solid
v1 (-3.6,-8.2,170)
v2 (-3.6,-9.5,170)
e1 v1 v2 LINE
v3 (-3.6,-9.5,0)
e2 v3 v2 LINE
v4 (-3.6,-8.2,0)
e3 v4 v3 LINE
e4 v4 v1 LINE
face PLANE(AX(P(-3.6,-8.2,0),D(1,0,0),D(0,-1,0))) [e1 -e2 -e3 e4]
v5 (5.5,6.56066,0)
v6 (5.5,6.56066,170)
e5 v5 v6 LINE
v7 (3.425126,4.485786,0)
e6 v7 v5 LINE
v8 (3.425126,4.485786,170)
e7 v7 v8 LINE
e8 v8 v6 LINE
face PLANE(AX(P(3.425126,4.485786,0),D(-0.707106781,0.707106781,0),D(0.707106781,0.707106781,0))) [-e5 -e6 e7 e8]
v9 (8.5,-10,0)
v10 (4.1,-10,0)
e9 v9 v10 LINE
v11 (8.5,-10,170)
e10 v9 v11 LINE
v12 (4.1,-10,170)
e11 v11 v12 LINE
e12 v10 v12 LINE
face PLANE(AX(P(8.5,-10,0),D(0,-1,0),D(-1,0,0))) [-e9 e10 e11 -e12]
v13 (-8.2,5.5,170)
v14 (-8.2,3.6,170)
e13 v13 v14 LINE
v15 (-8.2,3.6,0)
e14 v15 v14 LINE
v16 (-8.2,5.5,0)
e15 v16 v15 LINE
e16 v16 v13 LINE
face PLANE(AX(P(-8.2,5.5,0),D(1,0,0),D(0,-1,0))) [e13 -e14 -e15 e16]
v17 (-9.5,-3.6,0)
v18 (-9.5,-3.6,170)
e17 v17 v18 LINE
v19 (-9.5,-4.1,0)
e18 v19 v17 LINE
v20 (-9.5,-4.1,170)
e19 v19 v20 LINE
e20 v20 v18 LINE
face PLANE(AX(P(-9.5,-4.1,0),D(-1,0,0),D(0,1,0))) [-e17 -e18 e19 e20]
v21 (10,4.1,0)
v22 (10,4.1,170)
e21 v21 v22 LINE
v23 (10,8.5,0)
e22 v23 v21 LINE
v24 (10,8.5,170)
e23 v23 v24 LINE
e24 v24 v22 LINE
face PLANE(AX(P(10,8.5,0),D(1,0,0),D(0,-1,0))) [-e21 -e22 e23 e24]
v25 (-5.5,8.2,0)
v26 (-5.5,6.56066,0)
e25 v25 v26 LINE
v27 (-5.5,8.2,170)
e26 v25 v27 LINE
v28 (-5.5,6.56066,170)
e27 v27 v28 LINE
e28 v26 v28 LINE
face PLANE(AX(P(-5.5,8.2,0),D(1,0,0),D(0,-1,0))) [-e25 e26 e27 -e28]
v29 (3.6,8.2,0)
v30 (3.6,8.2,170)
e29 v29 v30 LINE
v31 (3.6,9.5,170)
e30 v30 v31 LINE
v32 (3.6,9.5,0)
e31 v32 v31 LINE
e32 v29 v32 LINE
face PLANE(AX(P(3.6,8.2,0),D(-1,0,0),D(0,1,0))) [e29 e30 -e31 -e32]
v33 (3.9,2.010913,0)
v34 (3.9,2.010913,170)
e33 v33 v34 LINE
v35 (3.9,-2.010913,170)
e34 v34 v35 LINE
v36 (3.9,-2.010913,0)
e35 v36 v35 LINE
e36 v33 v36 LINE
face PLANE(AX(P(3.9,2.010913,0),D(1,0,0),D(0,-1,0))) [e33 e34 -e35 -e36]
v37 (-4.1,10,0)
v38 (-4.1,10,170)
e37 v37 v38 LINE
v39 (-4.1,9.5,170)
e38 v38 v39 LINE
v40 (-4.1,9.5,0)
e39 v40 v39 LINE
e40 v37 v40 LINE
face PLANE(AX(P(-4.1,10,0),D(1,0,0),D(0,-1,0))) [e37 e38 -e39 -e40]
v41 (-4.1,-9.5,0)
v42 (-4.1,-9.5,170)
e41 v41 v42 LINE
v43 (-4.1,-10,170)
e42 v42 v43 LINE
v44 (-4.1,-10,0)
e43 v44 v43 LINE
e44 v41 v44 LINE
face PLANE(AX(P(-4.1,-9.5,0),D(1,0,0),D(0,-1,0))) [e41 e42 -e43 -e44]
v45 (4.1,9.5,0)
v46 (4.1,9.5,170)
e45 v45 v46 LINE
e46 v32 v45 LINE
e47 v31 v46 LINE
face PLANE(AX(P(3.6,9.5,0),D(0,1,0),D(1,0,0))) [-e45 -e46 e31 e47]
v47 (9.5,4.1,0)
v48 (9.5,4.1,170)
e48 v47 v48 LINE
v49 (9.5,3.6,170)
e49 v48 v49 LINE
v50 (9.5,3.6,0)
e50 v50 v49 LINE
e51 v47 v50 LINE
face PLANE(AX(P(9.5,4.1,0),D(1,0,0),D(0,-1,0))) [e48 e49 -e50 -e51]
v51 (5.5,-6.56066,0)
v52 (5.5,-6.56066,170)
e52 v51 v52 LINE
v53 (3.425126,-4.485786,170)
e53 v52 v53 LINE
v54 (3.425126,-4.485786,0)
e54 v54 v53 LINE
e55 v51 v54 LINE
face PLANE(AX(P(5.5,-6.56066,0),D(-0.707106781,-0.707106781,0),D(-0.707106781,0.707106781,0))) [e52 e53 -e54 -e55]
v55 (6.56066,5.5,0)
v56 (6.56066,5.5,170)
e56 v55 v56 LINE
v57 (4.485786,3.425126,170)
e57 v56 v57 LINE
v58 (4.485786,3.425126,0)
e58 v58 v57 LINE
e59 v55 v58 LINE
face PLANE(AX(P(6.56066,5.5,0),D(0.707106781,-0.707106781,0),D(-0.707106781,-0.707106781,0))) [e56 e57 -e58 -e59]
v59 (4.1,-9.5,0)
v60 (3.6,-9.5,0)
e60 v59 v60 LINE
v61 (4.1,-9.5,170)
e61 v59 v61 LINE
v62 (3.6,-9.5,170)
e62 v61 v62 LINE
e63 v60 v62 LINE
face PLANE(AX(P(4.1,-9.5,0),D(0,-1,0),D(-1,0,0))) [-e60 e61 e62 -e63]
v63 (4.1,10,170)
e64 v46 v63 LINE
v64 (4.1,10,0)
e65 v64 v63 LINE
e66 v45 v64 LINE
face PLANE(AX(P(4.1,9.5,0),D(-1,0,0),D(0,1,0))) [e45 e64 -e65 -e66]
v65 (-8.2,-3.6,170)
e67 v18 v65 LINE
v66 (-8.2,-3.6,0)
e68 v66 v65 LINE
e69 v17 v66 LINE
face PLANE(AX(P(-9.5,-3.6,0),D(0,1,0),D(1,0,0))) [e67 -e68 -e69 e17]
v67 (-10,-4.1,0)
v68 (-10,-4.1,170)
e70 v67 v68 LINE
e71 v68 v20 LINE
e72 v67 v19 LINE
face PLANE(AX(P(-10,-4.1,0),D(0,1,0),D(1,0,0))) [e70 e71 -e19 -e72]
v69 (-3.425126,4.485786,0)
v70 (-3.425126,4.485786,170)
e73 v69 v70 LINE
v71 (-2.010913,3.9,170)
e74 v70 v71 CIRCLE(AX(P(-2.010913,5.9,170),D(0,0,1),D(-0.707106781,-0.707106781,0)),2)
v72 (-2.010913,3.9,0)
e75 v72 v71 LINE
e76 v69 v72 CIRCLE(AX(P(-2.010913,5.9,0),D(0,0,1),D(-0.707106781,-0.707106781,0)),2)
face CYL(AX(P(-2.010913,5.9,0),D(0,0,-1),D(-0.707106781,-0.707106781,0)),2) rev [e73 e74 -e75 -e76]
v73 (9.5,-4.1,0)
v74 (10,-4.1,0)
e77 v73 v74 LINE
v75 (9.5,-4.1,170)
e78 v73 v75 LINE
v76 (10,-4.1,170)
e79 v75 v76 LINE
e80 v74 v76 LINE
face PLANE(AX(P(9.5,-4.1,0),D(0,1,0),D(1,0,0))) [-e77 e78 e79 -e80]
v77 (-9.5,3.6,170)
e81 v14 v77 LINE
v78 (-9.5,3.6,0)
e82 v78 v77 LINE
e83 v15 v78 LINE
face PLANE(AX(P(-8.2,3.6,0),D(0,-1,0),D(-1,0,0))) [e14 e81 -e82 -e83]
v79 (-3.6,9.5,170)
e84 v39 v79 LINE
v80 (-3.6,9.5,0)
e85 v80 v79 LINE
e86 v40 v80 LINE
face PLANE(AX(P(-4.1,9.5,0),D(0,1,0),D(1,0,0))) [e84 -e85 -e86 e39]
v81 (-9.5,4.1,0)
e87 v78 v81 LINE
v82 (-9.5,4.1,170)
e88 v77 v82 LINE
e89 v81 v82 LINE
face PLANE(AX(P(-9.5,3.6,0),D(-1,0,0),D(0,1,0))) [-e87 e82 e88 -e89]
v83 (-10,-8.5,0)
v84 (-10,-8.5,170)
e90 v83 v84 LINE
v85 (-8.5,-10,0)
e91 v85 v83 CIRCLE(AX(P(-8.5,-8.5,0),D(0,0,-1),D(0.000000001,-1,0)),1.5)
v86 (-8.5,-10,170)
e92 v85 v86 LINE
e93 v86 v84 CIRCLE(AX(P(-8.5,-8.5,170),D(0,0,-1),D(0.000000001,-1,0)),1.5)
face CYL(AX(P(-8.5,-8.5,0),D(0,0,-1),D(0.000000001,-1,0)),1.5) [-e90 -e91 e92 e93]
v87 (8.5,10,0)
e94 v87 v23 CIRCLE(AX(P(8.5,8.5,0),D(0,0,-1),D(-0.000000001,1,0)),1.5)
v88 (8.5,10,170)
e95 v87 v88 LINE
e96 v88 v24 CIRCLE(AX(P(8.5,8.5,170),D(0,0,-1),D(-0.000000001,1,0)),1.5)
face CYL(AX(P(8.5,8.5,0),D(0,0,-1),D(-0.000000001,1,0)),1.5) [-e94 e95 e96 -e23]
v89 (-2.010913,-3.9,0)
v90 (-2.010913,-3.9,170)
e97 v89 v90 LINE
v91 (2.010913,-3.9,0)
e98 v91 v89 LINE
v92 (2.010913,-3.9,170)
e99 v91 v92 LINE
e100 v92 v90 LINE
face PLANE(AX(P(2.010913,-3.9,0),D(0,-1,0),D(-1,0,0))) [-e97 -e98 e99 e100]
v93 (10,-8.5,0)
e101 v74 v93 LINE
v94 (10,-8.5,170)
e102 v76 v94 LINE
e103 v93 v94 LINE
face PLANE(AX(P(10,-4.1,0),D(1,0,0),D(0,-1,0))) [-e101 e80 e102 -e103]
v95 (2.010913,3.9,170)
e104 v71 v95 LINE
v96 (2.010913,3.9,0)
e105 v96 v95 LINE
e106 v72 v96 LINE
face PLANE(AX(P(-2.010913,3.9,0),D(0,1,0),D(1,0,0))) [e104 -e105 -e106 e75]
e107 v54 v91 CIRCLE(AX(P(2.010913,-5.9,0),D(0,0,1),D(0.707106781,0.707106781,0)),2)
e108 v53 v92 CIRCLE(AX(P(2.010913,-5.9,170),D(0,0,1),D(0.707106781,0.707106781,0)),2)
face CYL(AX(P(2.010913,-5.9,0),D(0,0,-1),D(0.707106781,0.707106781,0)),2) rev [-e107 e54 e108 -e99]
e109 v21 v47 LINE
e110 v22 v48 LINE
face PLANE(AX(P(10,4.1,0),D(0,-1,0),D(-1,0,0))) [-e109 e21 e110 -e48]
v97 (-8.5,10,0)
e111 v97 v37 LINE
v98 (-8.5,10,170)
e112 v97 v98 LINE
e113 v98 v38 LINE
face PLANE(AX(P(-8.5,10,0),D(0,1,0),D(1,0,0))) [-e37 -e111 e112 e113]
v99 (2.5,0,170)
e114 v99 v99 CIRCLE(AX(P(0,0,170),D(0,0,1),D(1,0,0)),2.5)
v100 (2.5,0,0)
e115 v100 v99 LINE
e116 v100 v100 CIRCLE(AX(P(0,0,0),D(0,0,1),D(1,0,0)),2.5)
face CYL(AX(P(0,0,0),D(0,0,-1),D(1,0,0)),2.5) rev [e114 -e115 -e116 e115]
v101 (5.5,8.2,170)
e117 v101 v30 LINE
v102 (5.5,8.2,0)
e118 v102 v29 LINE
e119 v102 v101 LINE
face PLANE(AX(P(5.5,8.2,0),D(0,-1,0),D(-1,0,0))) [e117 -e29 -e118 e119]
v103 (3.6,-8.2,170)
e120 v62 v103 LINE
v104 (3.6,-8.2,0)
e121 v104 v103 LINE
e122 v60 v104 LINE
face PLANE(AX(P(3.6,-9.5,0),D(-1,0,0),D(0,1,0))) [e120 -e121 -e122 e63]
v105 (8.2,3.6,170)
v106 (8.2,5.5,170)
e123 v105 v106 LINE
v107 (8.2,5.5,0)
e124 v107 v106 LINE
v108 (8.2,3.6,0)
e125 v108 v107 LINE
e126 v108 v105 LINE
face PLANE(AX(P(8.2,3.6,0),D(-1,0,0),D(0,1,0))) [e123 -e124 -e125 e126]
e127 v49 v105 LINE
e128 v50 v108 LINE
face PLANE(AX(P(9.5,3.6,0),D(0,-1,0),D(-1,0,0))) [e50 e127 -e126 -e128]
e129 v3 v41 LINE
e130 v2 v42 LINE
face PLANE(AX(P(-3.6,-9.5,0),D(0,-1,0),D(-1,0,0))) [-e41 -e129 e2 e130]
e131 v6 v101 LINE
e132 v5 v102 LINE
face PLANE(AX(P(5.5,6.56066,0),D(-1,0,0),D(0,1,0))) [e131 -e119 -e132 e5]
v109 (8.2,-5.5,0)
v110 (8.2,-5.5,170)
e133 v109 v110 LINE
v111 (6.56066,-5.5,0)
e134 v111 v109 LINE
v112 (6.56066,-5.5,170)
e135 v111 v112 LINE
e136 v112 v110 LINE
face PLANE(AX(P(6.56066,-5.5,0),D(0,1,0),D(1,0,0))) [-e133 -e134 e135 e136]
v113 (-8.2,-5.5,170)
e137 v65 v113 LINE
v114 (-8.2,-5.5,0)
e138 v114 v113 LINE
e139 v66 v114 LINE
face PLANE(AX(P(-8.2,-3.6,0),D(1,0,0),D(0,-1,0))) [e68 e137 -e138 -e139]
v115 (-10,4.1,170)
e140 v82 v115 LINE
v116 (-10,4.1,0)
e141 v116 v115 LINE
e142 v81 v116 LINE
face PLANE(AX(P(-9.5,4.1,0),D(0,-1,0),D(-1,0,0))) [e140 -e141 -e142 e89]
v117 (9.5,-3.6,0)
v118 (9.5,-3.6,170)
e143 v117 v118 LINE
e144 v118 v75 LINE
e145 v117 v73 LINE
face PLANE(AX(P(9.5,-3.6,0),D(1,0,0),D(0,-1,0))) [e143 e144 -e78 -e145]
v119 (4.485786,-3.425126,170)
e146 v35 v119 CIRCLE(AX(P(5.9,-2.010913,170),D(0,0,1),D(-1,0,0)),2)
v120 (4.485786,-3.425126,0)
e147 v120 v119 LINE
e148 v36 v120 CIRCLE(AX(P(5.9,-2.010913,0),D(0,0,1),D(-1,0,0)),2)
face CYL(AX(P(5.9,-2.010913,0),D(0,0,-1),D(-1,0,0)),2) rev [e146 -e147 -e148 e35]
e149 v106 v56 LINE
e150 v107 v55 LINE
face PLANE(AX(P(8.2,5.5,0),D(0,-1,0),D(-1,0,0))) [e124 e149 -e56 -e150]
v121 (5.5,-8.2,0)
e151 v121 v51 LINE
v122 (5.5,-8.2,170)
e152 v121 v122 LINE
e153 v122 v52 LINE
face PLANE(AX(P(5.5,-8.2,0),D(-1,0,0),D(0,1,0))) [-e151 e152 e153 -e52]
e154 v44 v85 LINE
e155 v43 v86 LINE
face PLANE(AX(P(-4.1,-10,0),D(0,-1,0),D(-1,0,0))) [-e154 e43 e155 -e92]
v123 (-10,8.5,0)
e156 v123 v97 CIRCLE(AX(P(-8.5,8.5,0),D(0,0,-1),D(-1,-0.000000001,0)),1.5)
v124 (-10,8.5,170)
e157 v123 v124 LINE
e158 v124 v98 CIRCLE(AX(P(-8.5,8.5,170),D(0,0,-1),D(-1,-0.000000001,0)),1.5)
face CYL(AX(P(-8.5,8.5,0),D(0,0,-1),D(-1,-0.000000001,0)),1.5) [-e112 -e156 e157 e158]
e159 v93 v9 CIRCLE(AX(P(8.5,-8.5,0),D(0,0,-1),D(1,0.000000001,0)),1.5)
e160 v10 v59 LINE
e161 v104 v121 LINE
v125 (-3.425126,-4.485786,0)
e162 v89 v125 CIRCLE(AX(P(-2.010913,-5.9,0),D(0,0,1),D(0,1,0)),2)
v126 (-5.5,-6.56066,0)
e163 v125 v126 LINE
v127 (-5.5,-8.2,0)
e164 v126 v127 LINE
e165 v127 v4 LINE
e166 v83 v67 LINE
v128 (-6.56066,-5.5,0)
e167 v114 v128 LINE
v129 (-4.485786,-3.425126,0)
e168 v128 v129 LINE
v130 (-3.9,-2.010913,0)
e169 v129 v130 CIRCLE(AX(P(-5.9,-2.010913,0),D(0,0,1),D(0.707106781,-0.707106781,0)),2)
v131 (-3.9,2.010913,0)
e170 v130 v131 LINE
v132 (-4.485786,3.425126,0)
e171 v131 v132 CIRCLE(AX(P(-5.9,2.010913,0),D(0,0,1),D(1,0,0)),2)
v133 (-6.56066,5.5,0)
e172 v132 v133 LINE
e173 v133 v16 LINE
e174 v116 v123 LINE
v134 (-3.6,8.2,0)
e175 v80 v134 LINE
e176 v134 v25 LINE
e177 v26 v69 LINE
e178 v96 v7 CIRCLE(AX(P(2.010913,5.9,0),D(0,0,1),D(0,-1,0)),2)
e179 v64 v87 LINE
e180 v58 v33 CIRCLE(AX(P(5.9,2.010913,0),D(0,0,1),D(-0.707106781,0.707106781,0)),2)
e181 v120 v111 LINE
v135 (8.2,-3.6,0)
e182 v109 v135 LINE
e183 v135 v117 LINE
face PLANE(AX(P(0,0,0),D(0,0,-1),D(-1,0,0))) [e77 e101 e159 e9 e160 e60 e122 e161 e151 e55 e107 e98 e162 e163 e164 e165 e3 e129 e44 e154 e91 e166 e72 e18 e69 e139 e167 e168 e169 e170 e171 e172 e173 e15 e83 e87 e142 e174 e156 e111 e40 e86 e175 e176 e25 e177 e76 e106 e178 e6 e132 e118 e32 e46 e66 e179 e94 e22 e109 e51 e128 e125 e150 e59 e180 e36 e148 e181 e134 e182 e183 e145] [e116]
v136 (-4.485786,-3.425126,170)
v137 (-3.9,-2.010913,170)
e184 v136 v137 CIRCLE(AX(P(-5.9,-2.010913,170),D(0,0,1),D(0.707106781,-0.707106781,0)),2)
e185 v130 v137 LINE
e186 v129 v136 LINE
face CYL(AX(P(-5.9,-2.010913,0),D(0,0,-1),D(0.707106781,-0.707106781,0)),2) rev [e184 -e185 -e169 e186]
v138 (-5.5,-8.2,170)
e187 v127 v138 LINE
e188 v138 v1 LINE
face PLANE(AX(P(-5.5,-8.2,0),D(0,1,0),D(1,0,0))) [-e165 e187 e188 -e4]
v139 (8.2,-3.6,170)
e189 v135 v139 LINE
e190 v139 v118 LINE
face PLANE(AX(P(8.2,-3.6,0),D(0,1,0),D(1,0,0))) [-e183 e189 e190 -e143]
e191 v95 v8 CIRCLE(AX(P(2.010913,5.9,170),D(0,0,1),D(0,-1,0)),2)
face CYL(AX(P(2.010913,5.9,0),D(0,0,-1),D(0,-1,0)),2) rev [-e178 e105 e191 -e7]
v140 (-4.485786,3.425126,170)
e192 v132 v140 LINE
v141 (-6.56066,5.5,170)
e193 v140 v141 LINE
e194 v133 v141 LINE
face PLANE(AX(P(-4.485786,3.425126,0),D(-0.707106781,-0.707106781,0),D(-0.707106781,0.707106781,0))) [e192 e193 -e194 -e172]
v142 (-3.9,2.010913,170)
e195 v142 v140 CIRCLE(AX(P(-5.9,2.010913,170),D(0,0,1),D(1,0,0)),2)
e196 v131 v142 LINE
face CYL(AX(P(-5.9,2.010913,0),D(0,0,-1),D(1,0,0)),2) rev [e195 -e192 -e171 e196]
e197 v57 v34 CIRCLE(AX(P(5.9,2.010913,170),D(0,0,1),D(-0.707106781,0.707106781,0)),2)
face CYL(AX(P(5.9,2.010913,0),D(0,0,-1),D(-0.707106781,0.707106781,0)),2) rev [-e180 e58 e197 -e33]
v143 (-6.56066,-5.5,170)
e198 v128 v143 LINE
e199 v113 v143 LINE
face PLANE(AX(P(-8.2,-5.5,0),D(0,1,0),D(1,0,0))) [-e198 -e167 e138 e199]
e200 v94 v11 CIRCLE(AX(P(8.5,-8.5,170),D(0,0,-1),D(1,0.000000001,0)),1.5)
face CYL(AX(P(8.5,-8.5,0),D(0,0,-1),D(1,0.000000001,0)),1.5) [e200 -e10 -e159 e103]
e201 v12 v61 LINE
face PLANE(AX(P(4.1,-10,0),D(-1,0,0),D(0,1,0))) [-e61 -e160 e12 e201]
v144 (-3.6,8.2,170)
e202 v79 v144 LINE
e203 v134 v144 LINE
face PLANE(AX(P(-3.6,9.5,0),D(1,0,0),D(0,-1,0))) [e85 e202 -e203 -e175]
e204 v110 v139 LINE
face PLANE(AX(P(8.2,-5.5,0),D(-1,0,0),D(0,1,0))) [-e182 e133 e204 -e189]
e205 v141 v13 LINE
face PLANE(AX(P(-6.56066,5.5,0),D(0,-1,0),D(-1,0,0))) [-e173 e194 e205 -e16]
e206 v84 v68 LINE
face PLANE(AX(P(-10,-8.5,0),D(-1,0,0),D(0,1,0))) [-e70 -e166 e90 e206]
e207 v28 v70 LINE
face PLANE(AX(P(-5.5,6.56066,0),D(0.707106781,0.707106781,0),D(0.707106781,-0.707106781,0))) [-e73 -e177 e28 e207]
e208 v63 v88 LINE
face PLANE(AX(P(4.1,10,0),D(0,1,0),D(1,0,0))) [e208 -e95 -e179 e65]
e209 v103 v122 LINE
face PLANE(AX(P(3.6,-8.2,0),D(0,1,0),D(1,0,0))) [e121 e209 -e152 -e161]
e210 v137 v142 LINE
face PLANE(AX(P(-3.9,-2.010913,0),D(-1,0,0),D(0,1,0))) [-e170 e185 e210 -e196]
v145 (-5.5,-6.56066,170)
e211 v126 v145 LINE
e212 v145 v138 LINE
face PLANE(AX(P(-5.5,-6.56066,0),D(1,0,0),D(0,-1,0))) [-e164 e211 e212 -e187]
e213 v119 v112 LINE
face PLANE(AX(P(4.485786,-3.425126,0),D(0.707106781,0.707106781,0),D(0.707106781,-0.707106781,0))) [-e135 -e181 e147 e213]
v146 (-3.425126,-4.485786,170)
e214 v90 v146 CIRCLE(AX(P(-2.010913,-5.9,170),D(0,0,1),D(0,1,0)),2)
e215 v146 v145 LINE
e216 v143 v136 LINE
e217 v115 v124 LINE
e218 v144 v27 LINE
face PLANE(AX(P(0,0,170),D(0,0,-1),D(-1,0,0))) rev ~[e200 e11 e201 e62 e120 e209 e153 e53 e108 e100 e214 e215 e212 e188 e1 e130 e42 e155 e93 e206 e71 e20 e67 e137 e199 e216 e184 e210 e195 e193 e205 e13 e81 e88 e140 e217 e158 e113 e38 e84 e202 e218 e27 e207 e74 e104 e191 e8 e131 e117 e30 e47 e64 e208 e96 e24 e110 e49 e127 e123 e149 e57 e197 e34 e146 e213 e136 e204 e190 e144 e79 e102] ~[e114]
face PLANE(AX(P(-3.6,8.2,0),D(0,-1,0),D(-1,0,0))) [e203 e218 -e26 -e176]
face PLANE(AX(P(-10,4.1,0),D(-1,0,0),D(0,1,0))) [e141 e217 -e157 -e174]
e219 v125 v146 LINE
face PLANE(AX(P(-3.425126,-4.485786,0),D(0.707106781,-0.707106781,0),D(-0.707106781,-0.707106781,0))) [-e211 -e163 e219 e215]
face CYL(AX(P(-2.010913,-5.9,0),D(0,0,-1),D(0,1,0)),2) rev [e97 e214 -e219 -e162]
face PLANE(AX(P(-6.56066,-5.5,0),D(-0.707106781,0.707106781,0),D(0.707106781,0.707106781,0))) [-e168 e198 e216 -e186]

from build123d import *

# Parameters (mm, degrees)
SKETCH1_R           = 2.5
BOSS_EXTRUDE2_DEPTH = 170


with BuildPart() as part:
    # Sketch1 → Boss-Extrude2 (new body)
    with BuildSketch(Plane.XY):
        with BuildLine():
            Line((10, -4.1), (10, -8.5))
            ThreePointArc((10, -8.5), (9.560660172, -9.560660172), (8.5, -10))
            Line((8.5, -10), (4.1, -10))
            Line((4.1, -10), (4.1, -9.5))
            Line((4.1, -9.5), (3.6, -9.5))
            Line((3.6, -9.5), (3.6, -8.2))
            Line((3.6, -8.2), (5.5, -8.2))
            Line((5.5, -8.2), (5.5, -6.560660172))
            Line((5.5, -6.560660172), (3.425126266, -4.485786438))
            ThreePointArc((3.425126266, -4.485786438), (2.776279568, -4.052240935), (2.010912703, -3.9))
            Line((2.010912703, -3.9), (-2.010912703, -3.9))
            ThreePointArc((-2.010912703, -3.9), (-2.776279568, -4.052240935), (-3.425126266, -4.485786438))
            Line((-3.425126266, -4.485786438), (-5.5, -6.560660172))
            Line((-5.5, -6.560660172), (-5.5, -8.2))
            Line((-5.5, -8.2), (-3.6, -8.2))
            Line((-3.6, -8.2), (-3.6, -9.5))
            Line((-3.6, -9.5), (-4.1, -9.5))
            Line((-4.1, -9.5), (-4.1, -10))
            Line((-4.1, -10), (-8.5, -10))
            ThreePointArc((-8.5, -10), (-9.560660172, -9.560660172), (-10, -8.5))
            Line((-10, -8.5), (-10, -4.1))
            Line((-10, -4.1), (-9.5, -4.1))
            Line((-9.5, -4.1), (-9.5, -3.6))
            Line((-9.5, -3.6), (-8.2, -3.6))
            Line((-8.2, -3.6), (-8.2, -5.5))
            Line((-8.2, -5.5), (-6.560660172, -5.5))
            Line((-6.560660172, -5.5), (-4.485786438, -3.425126266))
            ThreePointArc((-4.485786438, -3.425126266), (-4.052240935, -2.776279568), (-3.9, -2.010912703))
            Line((-3.9, -2.010912703), (-3.9, 2.010912703))
            ThreePointArc((-3.9, 2.010912703), (-4.052240935, 2.776279568), (-4.485786438, 3.425126266))
            Line((-4.485786438, 3.425126266), (-6.560660172, 5.5))
            Line((-6.560660172, 5.5), (-8.2, 5.5))
            Line((-8.2, 5.5), (-8.2, 3.6))
            Line((-8.2, 3.6), (-9.5, 3.6))
            Line((-9.5, 3.6), (-9.5, 4.1))
            Line((-9.5, 4.1), (-10, 4.1))
            Line((-10, 4.1), (-10, 8.5))
            ThreePointArc((-10, 8.5), (-9.560660172, 9.560660172), (-8.5, 10))
            Line((-8.5, 10), (-4.1, 10))
            Line((-4.1, 10), (-4.1, 9.5))
            Line((-4.1, 9.5), (-3.6, 9.5))
            Line((-3.6, 9.5), (-3.6, 8.2))
            Line((-3.6, 8.2), (-5.5, 8.2))
            Line((-5.5, 8.2), (-5.5, 6.560660172))
            Line((-5.5, 6.560660172), (-3.425126266, 4.485786438))
            ThreePointArc((-3.425126266, 4.485786438), (-2.776279568, 4.052240935), (-2.010912703, 3.9))
            Line((-2.010912703, 3.9), (2.010912703, 3.9))
            ThreePointArc((2.010912703, 3.9), (2.776279568, 4.052240935), (3.425126266, 4.485786438))
            Line((3.425126266, 4.485786438), (5.5, 6.560660172))
            Line((5.5, 6.560660172), (5.5, 8.2))
            Line((5.5, 8.2), (3.6, 8.2))
            Line((3.6, 8.2), (3.6, 9.5))
            Line((3.6, 9.5), (4.1, 9.5))
            Line((4.1, 9.5), (4.1, 10))
            Line((4.1, 10), (8.5, 10))
            ThreePointArc((8.5, 10), (9.560660172, 9.560660172), (10, 8.5))
            Line((10, 8.5), (10, 4.1))
            Line((10, 4.1), (9.5, 4.1))
            Line((9.5, 4.1), (9.5, 3.6))
            Line((9.5, 3.6), (8.2, 3.6))
            Line((8.2, 3.6), (8.2, 5.5))
            Line((8.2, 5.5), (6.560660172, 5.5))
            Line((6.560660172, 5.5), (4.485786438, 3.425126266))
            ThreePointArc((4.485786438, 3.425126266), (4.052240935, 2.776279568), (3.9, 2.010912703))
            Line((3.9, 2.010912703), (3.9, -2.010912703))
            ThreePointArc((3.9, -2.010912703), (4.052240935, -2.776279568), (4.485786438, -3.425126266))
            Line((4.485786438, -3.425126266), (6.560660172, -5.5))
            Line((6.560660172, -5.5), (8.2, -5.5))
            Line((8.2, -5.5), (8.2, -3.6))
            Line((8.2, -3.6), (9.5, -3.6))
            Line((9.5, -3.6), (9.5, -4.1))
            Line((9.5, -4.1), (10, -4.1))
        make_face()
        Circle(SKETCH1_R, mode=Mode.SUBTRACT)
    extrude(amount=BOSS_EXTRUDE2_DEPTH)


solid = part.part
